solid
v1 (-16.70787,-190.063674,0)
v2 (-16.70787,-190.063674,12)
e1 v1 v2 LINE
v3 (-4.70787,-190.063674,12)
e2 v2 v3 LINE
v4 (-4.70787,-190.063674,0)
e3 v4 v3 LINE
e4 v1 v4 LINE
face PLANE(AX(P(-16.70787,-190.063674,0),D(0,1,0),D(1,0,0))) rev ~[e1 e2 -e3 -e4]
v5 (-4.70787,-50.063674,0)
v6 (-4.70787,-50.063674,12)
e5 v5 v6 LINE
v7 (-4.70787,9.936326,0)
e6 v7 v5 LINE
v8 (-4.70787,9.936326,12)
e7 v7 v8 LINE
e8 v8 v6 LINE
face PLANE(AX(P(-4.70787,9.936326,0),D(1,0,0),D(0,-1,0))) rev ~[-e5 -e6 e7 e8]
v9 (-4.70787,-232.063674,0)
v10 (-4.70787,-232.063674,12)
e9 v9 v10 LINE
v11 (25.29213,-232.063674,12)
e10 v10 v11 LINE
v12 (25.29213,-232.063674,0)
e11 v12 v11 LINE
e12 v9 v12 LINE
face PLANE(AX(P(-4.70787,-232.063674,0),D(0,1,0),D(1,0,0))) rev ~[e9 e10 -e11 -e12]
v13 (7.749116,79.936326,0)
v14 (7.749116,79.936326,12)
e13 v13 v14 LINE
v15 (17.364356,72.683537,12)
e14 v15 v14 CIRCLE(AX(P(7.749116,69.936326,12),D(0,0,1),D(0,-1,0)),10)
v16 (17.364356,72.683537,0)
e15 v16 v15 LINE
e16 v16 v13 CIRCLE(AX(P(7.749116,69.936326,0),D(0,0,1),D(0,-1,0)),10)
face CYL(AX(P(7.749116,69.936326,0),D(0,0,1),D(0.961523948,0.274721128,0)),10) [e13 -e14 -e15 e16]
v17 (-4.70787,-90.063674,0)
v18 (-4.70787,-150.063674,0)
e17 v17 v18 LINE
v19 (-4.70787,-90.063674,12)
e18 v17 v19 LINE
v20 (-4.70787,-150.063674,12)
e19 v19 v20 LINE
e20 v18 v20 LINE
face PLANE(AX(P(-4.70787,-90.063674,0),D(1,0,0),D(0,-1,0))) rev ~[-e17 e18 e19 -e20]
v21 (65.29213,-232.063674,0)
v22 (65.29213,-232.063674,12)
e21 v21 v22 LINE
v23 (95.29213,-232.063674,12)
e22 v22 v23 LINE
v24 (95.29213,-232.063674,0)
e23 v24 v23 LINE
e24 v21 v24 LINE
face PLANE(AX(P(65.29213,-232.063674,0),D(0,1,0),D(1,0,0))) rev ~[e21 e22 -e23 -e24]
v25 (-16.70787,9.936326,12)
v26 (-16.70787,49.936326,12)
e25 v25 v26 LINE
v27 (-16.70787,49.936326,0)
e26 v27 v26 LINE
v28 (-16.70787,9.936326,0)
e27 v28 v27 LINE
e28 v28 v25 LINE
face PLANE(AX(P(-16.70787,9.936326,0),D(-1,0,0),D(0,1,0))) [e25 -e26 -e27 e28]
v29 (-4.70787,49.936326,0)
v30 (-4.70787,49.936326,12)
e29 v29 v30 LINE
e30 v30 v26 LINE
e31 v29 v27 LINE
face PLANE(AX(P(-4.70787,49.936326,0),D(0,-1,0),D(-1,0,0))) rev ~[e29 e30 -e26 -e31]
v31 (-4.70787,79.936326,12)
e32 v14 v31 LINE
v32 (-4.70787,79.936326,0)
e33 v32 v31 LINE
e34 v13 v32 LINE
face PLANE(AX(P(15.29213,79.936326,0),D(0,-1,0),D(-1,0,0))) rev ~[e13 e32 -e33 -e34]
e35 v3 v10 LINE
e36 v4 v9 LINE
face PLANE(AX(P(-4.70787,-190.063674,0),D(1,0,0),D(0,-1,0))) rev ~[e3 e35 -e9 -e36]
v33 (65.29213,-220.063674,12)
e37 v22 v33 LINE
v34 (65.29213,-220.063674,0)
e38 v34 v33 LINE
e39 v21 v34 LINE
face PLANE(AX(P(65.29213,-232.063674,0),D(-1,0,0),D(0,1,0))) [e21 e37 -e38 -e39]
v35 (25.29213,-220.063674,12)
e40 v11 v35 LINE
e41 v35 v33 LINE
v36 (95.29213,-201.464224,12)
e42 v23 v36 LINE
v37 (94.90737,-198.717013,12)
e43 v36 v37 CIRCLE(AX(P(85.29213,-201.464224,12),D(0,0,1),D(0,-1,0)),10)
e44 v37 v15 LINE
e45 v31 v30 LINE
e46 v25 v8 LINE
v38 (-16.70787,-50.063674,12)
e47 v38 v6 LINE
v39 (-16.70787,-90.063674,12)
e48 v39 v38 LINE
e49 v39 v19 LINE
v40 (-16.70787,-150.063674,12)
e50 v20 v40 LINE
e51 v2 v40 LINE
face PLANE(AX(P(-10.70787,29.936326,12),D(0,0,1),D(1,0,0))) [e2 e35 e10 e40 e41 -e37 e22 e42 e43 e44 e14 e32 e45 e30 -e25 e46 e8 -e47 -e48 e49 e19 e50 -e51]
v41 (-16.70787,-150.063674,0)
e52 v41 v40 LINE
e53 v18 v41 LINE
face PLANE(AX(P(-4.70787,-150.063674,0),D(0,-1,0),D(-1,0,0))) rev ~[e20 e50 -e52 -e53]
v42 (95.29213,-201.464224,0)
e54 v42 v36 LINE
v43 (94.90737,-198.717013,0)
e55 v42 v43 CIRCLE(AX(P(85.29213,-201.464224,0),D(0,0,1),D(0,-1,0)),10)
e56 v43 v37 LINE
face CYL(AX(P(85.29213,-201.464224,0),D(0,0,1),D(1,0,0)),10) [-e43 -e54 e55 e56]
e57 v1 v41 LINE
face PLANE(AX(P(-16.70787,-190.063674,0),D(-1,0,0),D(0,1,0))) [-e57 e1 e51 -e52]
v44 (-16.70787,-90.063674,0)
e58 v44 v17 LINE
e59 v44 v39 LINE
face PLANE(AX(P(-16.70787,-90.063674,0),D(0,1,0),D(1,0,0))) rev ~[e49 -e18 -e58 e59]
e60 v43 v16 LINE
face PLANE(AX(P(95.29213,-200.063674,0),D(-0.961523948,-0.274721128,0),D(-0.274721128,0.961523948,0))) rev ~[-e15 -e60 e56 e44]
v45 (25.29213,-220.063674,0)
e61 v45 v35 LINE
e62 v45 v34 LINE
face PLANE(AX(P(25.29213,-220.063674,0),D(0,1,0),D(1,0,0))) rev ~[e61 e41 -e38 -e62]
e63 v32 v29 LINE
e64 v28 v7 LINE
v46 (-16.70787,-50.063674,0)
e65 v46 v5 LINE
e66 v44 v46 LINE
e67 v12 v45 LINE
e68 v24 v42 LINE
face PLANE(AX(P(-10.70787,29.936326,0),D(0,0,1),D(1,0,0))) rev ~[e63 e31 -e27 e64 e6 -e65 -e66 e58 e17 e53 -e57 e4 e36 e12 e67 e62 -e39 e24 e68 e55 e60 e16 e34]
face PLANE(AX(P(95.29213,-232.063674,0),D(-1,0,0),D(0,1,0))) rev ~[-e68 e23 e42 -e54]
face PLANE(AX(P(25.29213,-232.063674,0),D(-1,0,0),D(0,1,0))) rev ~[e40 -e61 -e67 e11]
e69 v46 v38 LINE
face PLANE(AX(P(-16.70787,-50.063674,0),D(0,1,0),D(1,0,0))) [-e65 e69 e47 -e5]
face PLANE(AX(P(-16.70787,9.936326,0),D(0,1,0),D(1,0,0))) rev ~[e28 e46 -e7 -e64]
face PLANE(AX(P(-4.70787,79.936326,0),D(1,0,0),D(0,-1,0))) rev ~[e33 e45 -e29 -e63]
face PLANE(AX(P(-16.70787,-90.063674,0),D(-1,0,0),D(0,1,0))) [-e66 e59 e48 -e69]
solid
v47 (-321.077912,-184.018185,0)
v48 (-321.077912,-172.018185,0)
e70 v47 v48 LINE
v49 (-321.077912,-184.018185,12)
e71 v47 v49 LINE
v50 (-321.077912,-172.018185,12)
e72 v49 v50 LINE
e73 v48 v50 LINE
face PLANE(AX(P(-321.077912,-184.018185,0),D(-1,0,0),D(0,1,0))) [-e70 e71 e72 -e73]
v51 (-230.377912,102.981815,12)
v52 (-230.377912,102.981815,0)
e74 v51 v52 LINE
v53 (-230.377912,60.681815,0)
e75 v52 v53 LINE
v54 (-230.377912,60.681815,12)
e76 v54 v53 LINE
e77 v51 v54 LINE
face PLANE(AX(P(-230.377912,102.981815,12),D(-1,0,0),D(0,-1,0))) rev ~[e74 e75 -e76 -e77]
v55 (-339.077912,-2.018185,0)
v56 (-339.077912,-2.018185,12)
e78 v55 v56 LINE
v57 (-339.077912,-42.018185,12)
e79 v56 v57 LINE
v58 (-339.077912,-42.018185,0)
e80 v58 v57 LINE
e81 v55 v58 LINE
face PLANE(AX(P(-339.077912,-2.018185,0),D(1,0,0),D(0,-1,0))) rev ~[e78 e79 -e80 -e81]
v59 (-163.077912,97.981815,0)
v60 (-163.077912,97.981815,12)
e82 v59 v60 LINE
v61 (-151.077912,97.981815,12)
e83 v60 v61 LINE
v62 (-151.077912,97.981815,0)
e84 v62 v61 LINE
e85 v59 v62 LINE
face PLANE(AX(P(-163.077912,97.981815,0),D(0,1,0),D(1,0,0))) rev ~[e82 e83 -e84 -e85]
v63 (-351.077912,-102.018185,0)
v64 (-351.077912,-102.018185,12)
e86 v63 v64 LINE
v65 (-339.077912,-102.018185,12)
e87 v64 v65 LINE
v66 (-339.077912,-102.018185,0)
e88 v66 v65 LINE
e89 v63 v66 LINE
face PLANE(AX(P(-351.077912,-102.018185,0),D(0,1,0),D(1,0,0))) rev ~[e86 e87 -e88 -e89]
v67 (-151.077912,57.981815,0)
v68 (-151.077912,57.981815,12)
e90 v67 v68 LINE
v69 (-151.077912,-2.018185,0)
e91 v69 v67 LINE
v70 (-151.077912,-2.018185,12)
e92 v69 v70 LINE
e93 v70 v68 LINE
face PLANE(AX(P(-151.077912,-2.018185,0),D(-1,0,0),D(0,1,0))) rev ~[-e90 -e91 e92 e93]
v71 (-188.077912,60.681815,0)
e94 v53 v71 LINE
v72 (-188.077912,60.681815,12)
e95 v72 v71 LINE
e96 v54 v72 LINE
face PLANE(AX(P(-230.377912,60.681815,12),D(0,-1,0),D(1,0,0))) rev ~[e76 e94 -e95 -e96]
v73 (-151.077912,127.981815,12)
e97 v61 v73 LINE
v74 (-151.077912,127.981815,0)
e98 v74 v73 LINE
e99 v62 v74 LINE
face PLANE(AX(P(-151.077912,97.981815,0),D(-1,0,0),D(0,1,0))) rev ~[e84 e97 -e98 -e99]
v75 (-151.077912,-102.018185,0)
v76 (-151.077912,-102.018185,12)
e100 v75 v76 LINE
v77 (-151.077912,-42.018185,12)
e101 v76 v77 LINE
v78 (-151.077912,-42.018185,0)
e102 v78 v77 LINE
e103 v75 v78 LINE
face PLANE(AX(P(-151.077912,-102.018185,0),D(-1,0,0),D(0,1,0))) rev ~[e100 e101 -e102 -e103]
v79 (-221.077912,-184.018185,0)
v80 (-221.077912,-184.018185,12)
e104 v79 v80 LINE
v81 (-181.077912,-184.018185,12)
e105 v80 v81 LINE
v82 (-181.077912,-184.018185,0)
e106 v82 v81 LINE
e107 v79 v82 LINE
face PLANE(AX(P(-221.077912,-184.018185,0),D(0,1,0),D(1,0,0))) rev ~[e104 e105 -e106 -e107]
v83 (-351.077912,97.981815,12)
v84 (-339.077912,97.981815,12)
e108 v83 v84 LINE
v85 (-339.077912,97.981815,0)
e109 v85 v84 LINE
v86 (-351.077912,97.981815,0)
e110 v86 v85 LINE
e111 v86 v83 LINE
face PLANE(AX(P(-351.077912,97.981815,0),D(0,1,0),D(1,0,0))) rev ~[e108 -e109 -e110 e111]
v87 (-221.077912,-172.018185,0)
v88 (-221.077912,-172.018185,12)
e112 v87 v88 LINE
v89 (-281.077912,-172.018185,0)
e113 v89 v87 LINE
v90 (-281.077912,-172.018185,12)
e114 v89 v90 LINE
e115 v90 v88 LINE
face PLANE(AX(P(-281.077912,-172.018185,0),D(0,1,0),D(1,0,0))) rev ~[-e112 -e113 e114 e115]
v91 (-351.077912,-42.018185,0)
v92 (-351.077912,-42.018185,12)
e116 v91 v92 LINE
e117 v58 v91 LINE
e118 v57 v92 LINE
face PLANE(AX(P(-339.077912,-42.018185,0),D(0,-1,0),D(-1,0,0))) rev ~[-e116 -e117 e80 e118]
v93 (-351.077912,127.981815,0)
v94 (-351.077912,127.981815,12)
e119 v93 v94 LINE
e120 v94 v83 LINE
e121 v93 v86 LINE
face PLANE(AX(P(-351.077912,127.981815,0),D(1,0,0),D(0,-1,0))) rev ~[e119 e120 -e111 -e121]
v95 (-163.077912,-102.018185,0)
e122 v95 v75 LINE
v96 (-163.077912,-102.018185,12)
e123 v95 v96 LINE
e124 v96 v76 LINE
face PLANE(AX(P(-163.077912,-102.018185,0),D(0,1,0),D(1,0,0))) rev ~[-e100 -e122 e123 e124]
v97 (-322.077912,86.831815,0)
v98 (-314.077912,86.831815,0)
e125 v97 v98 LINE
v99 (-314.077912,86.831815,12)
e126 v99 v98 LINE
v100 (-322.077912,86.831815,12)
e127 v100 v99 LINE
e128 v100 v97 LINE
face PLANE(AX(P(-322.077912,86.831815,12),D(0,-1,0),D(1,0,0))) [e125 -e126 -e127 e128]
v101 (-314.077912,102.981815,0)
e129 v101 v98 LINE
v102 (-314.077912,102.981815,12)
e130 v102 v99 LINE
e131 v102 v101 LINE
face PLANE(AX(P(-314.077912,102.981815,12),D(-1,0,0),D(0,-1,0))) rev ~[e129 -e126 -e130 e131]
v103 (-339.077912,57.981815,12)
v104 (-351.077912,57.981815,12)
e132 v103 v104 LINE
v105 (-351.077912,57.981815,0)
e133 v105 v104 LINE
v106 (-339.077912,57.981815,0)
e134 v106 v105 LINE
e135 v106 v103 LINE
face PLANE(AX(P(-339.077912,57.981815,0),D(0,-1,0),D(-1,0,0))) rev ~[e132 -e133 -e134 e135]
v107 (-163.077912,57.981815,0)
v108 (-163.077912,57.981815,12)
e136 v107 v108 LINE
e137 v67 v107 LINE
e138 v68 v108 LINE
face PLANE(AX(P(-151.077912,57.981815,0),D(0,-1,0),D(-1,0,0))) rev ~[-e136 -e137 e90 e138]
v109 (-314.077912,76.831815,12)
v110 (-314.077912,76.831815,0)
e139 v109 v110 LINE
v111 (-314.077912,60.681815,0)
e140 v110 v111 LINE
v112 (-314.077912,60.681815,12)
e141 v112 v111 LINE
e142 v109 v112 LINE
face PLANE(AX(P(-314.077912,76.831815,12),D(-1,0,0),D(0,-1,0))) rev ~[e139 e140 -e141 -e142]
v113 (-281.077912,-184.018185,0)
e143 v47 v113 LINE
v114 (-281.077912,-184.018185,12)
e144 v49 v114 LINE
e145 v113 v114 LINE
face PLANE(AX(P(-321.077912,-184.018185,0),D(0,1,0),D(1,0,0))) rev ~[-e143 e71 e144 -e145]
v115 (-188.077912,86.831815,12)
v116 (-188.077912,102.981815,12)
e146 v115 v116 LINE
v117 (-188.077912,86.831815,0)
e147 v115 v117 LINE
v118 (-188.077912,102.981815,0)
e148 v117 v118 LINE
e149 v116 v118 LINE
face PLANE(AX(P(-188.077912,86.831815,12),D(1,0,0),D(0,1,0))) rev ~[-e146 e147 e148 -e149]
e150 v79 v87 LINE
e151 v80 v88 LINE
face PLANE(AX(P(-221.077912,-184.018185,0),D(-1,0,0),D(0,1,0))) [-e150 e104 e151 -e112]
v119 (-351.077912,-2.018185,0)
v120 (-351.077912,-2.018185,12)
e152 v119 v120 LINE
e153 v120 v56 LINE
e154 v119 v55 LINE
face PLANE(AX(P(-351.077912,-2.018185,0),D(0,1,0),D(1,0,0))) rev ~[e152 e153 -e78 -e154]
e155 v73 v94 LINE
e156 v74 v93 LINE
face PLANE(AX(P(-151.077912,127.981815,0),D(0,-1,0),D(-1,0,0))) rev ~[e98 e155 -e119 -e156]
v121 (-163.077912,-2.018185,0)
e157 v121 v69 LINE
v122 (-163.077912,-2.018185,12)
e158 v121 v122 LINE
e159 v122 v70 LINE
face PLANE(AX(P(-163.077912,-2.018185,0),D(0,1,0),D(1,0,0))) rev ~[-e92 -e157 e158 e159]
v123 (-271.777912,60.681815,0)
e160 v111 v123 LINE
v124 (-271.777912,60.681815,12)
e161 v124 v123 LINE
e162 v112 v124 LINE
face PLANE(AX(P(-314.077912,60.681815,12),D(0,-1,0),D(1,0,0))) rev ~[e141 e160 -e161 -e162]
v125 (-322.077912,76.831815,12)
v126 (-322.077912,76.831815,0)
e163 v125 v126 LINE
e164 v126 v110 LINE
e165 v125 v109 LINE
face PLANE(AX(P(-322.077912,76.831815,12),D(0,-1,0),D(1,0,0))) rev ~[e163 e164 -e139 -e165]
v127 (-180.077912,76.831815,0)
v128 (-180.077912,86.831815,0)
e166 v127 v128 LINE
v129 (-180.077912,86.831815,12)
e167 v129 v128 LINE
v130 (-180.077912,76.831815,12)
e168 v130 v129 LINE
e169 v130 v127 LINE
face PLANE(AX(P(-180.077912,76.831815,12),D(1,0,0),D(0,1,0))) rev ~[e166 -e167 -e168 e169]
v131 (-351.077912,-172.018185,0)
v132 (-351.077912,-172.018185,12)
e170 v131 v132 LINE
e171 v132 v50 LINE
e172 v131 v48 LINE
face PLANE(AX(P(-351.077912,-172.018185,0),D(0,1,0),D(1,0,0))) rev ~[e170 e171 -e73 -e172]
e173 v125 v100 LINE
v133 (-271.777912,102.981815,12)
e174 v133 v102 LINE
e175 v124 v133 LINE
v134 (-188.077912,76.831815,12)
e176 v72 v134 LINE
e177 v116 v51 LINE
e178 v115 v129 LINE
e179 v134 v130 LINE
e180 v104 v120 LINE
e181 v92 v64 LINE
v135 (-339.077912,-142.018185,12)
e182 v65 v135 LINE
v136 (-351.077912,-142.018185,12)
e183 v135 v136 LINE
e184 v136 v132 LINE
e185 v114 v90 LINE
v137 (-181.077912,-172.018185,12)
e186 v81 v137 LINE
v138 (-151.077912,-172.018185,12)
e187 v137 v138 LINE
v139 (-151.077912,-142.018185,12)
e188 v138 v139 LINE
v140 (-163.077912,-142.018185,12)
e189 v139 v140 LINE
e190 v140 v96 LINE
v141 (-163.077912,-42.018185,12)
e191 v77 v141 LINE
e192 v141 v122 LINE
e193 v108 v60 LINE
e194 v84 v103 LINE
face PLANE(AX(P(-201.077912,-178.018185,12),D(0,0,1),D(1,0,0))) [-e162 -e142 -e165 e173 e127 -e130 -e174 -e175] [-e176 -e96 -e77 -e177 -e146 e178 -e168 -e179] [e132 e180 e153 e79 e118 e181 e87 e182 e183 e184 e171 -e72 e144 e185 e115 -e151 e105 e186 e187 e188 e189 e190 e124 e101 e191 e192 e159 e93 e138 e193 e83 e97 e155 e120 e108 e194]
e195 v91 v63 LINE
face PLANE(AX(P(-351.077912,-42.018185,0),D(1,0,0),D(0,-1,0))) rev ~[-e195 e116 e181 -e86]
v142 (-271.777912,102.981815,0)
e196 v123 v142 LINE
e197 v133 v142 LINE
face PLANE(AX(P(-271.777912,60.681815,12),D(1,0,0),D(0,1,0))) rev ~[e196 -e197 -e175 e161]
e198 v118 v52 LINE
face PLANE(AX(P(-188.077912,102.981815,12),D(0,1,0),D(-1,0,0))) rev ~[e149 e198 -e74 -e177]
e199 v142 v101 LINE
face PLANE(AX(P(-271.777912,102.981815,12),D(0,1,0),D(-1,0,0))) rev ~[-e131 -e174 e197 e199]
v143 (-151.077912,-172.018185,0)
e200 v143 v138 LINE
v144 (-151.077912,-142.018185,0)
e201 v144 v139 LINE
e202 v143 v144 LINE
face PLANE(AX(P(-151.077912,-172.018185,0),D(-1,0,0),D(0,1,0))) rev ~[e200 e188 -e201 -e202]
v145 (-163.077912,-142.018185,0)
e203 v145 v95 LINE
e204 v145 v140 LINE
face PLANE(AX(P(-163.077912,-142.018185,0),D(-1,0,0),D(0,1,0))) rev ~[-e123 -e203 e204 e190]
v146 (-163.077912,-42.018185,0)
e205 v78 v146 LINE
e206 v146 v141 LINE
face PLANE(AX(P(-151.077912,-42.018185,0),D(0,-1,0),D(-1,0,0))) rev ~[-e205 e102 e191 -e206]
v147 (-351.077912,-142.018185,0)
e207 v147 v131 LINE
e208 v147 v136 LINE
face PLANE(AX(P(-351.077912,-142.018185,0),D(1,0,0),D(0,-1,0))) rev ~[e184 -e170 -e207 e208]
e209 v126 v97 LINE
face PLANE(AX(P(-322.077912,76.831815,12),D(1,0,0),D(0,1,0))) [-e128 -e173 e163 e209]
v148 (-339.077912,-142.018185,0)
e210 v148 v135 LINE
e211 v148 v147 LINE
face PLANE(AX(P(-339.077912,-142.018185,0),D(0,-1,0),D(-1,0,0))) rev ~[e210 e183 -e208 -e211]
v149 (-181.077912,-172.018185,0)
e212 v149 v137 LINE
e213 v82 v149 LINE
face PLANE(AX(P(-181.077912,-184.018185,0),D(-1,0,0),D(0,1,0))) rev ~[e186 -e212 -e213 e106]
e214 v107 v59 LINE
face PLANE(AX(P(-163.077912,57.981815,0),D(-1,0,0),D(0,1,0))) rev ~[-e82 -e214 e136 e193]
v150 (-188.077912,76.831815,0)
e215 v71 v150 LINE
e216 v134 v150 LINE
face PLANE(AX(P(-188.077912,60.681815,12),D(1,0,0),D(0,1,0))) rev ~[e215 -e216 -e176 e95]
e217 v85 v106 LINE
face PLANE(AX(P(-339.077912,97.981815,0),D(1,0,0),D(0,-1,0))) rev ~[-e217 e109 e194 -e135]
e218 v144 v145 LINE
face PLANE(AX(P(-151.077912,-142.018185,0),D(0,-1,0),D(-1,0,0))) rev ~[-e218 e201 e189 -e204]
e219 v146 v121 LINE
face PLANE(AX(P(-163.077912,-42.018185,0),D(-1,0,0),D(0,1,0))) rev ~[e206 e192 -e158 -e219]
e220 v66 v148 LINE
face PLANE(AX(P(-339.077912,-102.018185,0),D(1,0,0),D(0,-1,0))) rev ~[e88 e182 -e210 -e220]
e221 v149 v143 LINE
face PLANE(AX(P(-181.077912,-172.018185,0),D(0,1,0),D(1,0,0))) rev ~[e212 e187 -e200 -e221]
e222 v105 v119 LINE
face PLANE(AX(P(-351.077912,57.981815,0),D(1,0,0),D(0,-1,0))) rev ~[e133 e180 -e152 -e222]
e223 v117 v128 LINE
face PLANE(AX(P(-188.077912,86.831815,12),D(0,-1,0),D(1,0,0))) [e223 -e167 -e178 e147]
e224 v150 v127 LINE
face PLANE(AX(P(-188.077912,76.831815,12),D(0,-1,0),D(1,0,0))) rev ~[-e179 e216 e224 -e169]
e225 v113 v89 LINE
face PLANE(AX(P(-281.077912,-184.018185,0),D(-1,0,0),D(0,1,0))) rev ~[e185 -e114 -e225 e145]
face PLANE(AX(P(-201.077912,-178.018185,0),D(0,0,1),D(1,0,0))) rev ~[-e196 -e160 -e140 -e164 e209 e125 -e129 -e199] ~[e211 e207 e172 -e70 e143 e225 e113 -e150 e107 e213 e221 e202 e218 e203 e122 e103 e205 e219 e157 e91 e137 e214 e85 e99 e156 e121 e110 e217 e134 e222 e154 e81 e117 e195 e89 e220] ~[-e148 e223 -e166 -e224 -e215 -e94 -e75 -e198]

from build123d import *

# Parameters (mm, degrees)
F1_W     = 12
F1_H     = 40
F1_W_2   = 30
F1_H_2   = 12
F2_DEPTH = 12
F3_R     = 10
F4_W     = 40
F4_H     = 12
F5_DEPTH = 12
F6_W     = 8
F6_H     = 10
F7_DEPTH = 12


with BuildPart() as f2:
    # F1 (on Top) → F2 (new body)
    with BuildSketch(Plane.XY):
        with Locations((-10.7078695893, 29.9363255501)):
            Rectangle(F1_W, F1_H)
        with Locations((80.2921304107, -226.0636744499)):
            Rectangle(F1_W_2, F1_H_2)
        with Locations((10.2921304107, -226.0636744499)):
            Rectangle(F1_W_2, F1_H_2)
        with Locations((-10.7078695893, -170.0636744499)):
            Rectangle(F1_W, F1_H)
        with Locations((1.2921304107, 29.9363255501)):
            Rectangle(F1_W, F1_H)
        with Locations((1.2921304107, -170.0636744499)):
            Rectangle(F1_W, F1_H)
        Polygon((15.2921304107, 79.9363255501), (-4.7078695893, 79.9363255501), (-4.7078695893, 49.9363255501), (7.2921304107, 49.9363255501), (7.2921304107, 9.9363255501), (-4.7078695893, 9.9363255501), (-4.7078695893, -50.0636744499), (7.2921304107, -50.0636744499), (7.2921304107, -90.0636744499), (-4.7078695893, -90.0636744499), (-4.7078695893, -150.0636744499), (7.2921304107, -150.0636744499), (7.2921304107, -190.0636744499), (-4.7078695893, -190.0636744499), (-4.7078695893, -220.0636744499), (25.2921304107, -220.0636744499), (65.2921304107, -220.0636744499), (95.2921304107, -220.0636744499), (95.2921304107, -200.0636744499), align=None)
        with Locations((1.2921304107, -70.0636744499)):
            Rectangle(F1_W, F1_H)
        with Locations((-10.7078695893, -70.0636744499)):
            Rectangle(F1_W, F1_H)
    extrude(amount=F2_DEPTH)

    # F3
    f3_edges = [f2.edges().sort_by_distance(p)[0] for p in [
        (95.29213, -200.063674, 6),
        (15.29213, 79.936326, 6),
    ]]
    fillet(f3_edges, radius=F3_R)


with BuildPart() as f5:
    # F4 (on Top) → F5 (new body)
    with BuildSketch(Plane.XY):
        with Locations((-201.0779124498, -178.0181848854)):
            Rectangle(F4_W, F4_H)
        with Locations((-301.0779124498, -178.0181848854)):
            Rectangle(F4_W, F4_H)
        Polygon((-181.0779124498, -172.0181848854), (-151.0779124498, -172.0181848854), (-151.0779124498, -142.0181848854), (-163.0779124498, -142.0181848854), (-163.0779124498, -102.0181848854), (-151.0779124498, -102.0181848854), (-151.0779124498, -42.0181848854), (-163.0779124498, -42.0181848854), (-163.0779124498, -2.0181848854), (-151.0779124498, -2.0181848854), (-151.0779124498, 57.9818151146), (-163.0779124498, 57.9818151146), (-163.0779124498, 97.9818151146), (-151.0779124498, 97.9818151146), (-151.0779124498, 127.9818151146), (-351.0779124498, 127.9818151146), (-351.0779124498, 97.9818151146), (-339.0779124498, 97.9818151146), (-339.0779124498, 57.9818151146), (-351.0779124498, 57.9818151146), (-351.0779124498, -2.0181848854), (-339.0779124498, -2.0181848854), (-339.0779124498, -42.0181848854), (-351.0779124498, -42.0181848854), (-351.0779124498, -102.0181848854), (-339.0779124498, -102.0181848854), (-339.0779124498, -142.0181848854), (-351.0779124498, -142.0181848854), (-351.0779124498, -172.0181848854), (-321.0779124498, -172.0181848854), (-321.0779124498, -160.0181848854), (-281.0779124498, -160.0181848854), (-281.0779124498, -172.0181848854), (-221.0779124498, -172.0181848854), (-221.0779124498, -160.0181848854), (-181.0779124498, -160.0181848854), align=None)
        with Locations((-201.0779124498, -166.0181848854)):
            Rectangle(F4_W, F4_H)
        with Locations((-301.0779124498, -166.0181848854)):
            Rectangle(F4_W, F4_H)
    extrude(amount=F5_DEPTH)

    # F6 (on face) → F7 (cut, through all)
    with BuildSketch(Plane.XY.offset(12)):
        with Locations((-318.0779124498, 81.8318151146)):
            Rectangle(F6_W, F6_H)
        Polygon((-271.7779124498, 102.9818151146), (-314.0779124498, 102.9818151146), (-314.0779124498, 86.8318151146), (-306.0779124498, 86.8318151146), (-306.0779124498, 76.8318151146), (-314.0779124498, 76.8318151146), (-314.0779124498, 60.6818151146), (-271.7779124498, 60.6818151146), align=None)
        with Locations((-310.0779124498, 81.8318151146)):
            Rectangle(F6_W, F6_H)
        with Locations((-192.0779124498, 81.8318151146)):
            Rectangle(F6_W, F6_H)
        Polygon((-188.0779124498, 60.6818151146), (-188.0779124498, 76.8318151146), (-196.0779124498, 76.8318151146), (-196.0779124498, 86.8318151146), (-188.0779124498, 86.8318151146), (-188.0779124498, 102.9818151146), (-230.3779124498, 102.9818151146), (-230.3779124498, 60.6818151146), align=None)
        with Locations((-184.0779124498, 81.8318151146)):
            Rectangle(F6_W, F6_H)
    extrude(amount=-F7_DEPTH, mode=Mode.SUBTRACT)


solid = Compound([f2.part, f5.part])
